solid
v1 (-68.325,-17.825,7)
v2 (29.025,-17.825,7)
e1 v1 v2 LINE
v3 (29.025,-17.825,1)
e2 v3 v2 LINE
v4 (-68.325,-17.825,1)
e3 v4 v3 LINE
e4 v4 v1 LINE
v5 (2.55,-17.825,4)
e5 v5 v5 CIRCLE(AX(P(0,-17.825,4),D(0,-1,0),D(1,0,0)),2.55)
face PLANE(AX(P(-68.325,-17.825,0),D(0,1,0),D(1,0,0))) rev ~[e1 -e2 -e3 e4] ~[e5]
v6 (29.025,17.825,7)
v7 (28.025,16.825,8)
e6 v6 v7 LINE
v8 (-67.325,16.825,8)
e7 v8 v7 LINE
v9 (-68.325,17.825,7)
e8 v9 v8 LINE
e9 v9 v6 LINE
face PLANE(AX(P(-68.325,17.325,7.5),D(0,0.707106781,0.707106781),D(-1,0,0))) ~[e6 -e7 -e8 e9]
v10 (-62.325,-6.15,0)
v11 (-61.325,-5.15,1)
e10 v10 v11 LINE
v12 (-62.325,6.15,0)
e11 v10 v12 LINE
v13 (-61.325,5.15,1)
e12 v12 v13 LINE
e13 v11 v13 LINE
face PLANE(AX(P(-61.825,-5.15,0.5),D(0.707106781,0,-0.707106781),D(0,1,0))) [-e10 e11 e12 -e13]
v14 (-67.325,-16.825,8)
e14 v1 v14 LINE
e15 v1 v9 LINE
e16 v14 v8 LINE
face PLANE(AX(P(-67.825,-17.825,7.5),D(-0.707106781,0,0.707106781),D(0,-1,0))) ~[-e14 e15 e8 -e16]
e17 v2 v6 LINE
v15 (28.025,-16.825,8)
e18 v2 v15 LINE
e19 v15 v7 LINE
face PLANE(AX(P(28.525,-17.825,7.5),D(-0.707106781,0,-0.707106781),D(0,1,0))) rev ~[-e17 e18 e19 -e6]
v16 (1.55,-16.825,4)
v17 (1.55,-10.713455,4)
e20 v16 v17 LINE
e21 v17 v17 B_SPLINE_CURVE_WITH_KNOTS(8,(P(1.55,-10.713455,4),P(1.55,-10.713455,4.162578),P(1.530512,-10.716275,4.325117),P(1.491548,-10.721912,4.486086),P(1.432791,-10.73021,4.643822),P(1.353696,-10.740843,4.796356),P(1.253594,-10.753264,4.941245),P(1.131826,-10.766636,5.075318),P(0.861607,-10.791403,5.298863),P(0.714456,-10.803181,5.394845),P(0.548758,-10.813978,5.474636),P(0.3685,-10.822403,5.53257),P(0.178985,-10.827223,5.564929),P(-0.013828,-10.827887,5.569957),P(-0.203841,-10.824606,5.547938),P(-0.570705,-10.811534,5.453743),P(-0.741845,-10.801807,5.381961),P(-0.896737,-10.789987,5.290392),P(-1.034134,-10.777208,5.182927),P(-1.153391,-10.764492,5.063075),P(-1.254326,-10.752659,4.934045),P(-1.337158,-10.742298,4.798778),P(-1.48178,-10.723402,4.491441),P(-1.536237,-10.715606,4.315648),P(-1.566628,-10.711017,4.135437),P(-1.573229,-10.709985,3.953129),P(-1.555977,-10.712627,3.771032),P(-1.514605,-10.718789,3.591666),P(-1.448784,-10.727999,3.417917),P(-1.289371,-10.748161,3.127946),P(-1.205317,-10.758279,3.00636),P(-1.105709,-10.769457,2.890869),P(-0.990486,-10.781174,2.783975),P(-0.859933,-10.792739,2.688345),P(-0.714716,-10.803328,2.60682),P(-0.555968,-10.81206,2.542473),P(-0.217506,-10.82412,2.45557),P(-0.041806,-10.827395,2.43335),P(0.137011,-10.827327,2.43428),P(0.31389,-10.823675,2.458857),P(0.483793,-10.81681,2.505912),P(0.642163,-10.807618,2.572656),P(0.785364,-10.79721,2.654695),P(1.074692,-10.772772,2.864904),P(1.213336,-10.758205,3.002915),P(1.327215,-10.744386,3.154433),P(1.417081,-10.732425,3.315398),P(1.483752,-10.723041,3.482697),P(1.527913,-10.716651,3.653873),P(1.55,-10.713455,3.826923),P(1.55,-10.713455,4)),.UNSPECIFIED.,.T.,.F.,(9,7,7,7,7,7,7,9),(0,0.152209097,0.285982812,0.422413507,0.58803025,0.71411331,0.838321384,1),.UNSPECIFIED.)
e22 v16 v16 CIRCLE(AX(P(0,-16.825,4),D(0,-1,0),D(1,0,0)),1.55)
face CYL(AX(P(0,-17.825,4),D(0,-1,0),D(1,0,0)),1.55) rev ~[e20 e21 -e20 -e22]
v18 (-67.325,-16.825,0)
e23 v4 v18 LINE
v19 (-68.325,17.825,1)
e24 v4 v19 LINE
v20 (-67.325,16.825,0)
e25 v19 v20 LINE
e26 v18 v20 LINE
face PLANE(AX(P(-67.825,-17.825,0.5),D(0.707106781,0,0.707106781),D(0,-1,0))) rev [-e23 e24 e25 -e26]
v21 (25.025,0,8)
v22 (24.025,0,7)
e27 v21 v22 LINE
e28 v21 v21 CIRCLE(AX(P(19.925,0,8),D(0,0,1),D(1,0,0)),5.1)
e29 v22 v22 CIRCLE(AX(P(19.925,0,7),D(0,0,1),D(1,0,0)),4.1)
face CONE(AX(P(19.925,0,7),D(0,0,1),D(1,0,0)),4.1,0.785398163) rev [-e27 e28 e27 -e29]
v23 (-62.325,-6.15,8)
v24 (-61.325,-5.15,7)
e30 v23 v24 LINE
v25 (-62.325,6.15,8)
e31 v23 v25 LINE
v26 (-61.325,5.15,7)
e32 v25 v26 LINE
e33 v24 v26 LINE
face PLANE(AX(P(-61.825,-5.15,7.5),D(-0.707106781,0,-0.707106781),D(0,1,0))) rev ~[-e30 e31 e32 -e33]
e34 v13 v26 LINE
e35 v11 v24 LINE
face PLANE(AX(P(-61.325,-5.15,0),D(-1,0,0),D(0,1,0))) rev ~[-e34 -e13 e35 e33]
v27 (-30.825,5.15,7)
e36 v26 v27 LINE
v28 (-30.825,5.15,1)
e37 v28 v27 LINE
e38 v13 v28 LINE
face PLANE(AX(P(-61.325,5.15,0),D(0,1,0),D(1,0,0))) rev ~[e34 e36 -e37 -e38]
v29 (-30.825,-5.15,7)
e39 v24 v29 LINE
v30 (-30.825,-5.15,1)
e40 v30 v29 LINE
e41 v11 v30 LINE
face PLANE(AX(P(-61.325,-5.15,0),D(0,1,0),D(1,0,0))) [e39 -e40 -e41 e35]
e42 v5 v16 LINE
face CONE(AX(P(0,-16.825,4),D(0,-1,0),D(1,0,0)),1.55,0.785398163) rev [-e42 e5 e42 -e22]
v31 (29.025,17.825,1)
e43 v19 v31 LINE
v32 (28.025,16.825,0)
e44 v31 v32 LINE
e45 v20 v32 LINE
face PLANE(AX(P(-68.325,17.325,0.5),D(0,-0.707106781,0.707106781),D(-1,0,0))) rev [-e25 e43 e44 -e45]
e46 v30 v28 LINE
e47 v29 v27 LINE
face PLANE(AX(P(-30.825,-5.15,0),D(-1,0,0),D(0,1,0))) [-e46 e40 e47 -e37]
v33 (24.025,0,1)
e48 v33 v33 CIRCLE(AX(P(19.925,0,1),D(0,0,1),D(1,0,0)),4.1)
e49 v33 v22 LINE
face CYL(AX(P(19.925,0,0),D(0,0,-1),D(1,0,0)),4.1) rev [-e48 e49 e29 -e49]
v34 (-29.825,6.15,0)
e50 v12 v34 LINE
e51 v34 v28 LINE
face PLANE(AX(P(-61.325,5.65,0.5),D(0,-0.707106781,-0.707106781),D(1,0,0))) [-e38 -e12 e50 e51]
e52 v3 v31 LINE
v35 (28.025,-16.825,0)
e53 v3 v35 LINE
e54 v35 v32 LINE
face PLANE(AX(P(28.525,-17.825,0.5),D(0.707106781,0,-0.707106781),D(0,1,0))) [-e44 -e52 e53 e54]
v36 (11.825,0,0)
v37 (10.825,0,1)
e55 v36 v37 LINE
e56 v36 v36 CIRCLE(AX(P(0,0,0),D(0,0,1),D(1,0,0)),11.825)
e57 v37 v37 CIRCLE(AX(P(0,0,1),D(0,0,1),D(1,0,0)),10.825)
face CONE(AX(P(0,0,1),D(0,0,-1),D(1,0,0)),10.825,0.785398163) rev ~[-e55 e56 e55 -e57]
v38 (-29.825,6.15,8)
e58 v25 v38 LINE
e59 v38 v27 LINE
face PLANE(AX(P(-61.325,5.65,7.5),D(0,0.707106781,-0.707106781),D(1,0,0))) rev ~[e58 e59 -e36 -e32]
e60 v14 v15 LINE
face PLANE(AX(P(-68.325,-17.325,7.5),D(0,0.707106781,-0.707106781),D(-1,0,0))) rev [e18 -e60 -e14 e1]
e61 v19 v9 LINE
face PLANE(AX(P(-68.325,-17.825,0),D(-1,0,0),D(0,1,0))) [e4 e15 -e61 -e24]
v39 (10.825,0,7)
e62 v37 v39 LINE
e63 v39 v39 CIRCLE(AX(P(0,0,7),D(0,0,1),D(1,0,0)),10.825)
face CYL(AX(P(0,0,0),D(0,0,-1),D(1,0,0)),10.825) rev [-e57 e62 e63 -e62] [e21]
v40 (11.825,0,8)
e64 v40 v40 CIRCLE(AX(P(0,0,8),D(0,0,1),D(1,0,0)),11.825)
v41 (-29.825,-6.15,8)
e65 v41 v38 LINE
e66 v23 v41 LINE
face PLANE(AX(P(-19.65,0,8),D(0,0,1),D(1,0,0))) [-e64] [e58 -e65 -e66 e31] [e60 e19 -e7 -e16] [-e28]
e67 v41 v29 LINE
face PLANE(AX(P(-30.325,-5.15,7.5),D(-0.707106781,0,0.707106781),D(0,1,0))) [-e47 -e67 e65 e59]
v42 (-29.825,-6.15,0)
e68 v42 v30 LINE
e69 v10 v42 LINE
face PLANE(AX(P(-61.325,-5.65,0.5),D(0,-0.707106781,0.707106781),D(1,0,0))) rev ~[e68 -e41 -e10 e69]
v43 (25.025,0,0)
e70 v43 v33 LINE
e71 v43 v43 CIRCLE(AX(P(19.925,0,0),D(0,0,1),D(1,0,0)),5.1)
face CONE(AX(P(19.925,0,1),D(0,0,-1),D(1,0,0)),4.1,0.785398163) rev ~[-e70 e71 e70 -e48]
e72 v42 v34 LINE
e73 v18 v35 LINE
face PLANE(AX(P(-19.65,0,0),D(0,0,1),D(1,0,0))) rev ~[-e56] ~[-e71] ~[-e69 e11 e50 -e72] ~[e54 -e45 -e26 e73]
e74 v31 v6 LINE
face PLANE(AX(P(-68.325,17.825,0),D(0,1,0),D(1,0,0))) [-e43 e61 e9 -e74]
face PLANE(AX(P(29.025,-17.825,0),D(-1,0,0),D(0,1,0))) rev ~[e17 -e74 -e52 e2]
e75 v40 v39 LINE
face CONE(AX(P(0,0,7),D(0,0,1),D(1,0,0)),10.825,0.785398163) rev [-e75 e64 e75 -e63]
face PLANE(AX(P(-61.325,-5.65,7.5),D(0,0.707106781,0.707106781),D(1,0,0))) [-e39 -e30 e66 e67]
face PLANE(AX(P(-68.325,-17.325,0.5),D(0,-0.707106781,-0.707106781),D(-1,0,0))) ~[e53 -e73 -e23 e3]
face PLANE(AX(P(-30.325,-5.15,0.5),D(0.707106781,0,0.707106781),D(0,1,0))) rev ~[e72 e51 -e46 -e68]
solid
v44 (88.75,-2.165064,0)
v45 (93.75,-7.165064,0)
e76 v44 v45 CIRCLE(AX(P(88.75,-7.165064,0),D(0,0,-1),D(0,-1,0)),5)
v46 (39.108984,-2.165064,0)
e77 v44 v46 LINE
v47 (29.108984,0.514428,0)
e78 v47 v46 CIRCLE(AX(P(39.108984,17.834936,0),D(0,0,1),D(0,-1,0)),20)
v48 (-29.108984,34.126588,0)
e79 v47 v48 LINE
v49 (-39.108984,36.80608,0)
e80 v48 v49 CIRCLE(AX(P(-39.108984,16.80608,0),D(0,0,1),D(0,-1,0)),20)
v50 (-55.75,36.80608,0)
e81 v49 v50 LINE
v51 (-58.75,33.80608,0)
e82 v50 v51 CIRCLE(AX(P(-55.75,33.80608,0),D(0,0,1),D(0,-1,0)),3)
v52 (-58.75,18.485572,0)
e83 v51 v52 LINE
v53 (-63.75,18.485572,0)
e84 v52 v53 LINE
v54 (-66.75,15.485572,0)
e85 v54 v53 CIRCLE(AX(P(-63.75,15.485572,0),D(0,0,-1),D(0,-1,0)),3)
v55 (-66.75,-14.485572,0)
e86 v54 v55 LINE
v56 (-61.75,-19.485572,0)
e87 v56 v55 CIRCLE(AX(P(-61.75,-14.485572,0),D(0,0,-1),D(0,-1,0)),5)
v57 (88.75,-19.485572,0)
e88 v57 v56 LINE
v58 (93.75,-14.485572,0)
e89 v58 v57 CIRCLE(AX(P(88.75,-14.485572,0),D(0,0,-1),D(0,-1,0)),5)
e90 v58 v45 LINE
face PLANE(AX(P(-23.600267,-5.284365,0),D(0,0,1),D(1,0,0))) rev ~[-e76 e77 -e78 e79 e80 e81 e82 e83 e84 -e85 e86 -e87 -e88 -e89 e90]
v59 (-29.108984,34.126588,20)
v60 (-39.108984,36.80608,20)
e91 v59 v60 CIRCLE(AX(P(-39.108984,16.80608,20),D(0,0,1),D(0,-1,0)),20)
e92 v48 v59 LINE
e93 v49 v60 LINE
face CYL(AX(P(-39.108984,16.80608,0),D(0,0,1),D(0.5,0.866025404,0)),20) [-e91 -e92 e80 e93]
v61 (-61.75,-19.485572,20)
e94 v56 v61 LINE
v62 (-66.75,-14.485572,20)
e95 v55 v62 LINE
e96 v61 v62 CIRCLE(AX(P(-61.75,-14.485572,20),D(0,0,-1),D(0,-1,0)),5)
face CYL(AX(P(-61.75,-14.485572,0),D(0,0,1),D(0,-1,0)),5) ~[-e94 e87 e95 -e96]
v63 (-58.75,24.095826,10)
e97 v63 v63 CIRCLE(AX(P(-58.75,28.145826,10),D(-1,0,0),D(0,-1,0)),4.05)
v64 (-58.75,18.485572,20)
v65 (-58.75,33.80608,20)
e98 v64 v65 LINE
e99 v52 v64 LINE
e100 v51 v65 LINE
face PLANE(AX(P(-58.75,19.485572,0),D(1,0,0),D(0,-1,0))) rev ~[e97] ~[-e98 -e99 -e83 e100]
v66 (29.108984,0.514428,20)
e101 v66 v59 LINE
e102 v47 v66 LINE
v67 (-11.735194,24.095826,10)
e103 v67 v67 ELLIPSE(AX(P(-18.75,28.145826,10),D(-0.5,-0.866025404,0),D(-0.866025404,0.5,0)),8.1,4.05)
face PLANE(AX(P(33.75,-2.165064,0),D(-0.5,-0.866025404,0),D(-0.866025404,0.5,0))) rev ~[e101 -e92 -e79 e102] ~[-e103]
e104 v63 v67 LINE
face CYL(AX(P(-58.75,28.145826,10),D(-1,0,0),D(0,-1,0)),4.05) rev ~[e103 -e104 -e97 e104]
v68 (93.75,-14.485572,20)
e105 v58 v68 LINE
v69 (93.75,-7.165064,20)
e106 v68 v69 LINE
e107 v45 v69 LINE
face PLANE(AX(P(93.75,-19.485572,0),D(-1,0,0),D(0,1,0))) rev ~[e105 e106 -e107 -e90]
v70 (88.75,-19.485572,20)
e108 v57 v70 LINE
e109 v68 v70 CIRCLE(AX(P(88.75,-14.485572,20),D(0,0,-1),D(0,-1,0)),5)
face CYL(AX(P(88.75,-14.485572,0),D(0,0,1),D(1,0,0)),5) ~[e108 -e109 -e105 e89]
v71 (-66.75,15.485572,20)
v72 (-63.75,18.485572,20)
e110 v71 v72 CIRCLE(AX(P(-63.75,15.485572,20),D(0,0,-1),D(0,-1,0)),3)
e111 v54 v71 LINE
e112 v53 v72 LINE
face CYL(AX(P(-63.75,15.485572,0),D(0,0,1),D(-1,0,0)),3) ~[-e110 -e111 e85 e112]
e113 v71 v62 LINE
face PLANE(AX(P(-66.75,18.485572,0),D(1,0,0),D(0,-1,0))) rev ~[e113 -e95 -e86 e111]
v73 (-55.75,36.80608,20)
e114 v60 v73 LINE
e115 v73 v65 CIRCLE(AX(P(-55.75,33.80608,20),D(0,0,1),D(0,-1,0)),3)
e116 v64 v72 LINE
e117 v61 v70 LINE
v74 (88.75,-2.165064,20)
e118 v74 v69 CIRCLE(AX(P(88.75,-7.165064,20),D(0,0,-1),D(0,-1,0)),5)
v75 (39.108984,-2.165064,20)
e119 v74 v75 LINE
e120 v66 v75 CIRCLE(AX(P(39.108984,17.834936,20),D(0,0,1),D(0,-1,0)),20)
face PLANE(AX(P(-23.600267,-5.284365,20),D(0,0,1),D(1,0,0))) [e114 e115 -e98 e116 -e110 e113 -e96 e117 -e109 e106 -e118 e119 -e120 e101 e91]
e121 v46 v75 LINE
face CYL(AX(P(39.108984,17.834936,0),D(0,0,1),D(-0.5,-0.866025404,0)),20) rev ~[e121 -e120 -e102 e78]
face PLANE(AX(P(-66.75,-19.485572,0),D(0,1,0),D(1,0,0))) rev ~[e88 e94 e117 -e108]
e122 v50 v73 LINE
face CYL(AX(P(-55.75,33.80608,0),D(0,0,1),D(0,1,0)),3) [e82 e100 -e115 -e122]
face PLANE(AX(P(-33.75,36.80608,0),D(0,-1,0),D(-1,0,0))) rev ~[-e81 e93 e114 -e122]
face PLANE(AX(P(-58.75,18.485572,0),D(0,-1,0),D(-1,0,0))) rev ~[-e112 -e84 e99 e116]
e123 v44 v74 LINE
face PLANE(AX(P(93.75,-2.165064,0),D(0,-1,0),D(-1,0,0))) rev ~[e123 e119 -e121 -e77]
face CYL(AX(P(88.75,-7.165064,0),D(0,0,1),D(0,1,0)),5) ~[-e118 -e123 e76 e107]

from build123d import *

# Parameters (mm, degrees)
F0_W      = 97.35
F0_H      = 35.65
F0_W_2    = 30.5
F0_H_2    = 10.3
F0_R      = 10.825
F0_R_2    = 4.1
F1_DEPTH  = 8
F2_R      = 1.55
F3_DEPTH  = 12
F4_SIZE   = 1
F6_DEPTH  = 20
F7_R      = 4.05
F8_DEPTH  = 152.501
F10_DEPTH = 20
F11_R     = 20
F12_R     = 5
F13_R     = 3


with BuildPart() as f1:
    # F0 (on Top) → F1 (new body)
    with BuildSketch(Plane.XY):
        with Locations((-19.65, 0)):
            Rectangle(F0_W, F0_H)
        with Locations((-46.075, 0)):
            Rectangle(F0_W_2, F0_H_2, mode=Mode.SUBTRACT)
        Circle(F0_R, mode=Mode.SUBTRACT)
        with Locations((19.925, 0)):
            Circle(F0_R_2, mode=Mode.SUBTRACT)
    extrude(amount=F1_DEPTH)

    # F2 (on face) → F3 (cut)
    with BuildSketch(Plane.XZ.offset(17.825)):
        with Locations((0, 4)):
            Circle(F2_R)
    extrude(amount=-F3_DEPTH, mode=Mode.SUBTRACT)

    # F4
    f4_edges = [f1.edges().sort_by_distance(p)[0] for p in [
        (-19.65, 17.825, 8),
        (-68.325, 0, 8),
        (-19.65, -17.825, 8),
        (29.025, 0, 8),
        (-61.325, 0, 8),
        (-46.075, 5.15, 8),
        (-30.825, 0, 8),
        (-46.075, -5.15, 8),
        (-10.825, 0, 8),
        (15.825, 0, 8),
        (-19.65, 17.825, 0),
        (-68.325, 0, 0),
        (-19.65, -17.825, 0),
        (29.025, 0, 0),
        (-61.325, 0, 0),
        (-46.075, 5.15, 0),
        (-30.825, 0, 0),
        (-46.075, -5.15, 0),
        (-10.825, 0, 0),
        (15.825, 0, 0),
        (-1.55, -17.825, 4),
    ]]
    chamfer(f4_edges, length=F4_SIZE)


with BuildPart() as f6:
    # F5 (on Top) → F6 (new body)
    with BuildSketch(Plane.XY):
        Polygon((-33.75, 36.8060796608), (-58.75, 36.8060796608), (-58.75, 19.4855715851), (-33.75, 19.4855715851), (33.75, -19.4855715851), (93.75, -19.4855715851), (93.75, -2.1650635095), (33.75, -2.1650635095), align=None)
    extrude(amount=F6_DEPTH)

    # F7 (on face) → F8 (cut, through all)
    with BuildSketch(Plane(origin=(-58.75, 0, 0), x_dir=(0, -1, 0), z_dir=(-1, 0, 0))):
        with Locations((-28.145825623, 10)):
            Circle(F7_R)
    extrude(amount=-F8_DEPTH, mode=Mode.SUBTRACT)

    # F9 (on Top) → F10 (join)
    with BuildSketch(Plane.XY):
        Polygon((-33.75, 19.4855715851), (-58.75, 19.4855715851), (-58.75, 18.4855715851), (-66.75, 18.4855715851), (-66.75, -19.4855715851), (33.75, -19.4855715851), align=None)
    extrude(amount=F10_DEPTH)

    # F11
    f11_edges = [f6.edges().sort_by_distance(p)[0] for p in [
        (-33.75, 36.80608, 10),
        (33.75, -2.165064, 10),
    ]]
    fillet(f11_edges, radius=F11_R)

    # F12
    f12_edges = [f6.edges().sort_by_distance(p)[0] for p in [
        (93.75, -2.165064, 10),
        (93.75, -19.485572, 10),
        (-66.75, -19.485572, 10),
    ]]
    fillet(f12_edges, radius=F12_R)

    # F13
    f13_edges = [f6.edges().sort_by_distance(p)[0] for p in [
        (-66.75, 18.485572, 10),
        (-58.75, 36.80608, 10),
    ]]
    fillet(f13_edges, radius=F13_R)


solid = Compound([f1.part, f6.part])
